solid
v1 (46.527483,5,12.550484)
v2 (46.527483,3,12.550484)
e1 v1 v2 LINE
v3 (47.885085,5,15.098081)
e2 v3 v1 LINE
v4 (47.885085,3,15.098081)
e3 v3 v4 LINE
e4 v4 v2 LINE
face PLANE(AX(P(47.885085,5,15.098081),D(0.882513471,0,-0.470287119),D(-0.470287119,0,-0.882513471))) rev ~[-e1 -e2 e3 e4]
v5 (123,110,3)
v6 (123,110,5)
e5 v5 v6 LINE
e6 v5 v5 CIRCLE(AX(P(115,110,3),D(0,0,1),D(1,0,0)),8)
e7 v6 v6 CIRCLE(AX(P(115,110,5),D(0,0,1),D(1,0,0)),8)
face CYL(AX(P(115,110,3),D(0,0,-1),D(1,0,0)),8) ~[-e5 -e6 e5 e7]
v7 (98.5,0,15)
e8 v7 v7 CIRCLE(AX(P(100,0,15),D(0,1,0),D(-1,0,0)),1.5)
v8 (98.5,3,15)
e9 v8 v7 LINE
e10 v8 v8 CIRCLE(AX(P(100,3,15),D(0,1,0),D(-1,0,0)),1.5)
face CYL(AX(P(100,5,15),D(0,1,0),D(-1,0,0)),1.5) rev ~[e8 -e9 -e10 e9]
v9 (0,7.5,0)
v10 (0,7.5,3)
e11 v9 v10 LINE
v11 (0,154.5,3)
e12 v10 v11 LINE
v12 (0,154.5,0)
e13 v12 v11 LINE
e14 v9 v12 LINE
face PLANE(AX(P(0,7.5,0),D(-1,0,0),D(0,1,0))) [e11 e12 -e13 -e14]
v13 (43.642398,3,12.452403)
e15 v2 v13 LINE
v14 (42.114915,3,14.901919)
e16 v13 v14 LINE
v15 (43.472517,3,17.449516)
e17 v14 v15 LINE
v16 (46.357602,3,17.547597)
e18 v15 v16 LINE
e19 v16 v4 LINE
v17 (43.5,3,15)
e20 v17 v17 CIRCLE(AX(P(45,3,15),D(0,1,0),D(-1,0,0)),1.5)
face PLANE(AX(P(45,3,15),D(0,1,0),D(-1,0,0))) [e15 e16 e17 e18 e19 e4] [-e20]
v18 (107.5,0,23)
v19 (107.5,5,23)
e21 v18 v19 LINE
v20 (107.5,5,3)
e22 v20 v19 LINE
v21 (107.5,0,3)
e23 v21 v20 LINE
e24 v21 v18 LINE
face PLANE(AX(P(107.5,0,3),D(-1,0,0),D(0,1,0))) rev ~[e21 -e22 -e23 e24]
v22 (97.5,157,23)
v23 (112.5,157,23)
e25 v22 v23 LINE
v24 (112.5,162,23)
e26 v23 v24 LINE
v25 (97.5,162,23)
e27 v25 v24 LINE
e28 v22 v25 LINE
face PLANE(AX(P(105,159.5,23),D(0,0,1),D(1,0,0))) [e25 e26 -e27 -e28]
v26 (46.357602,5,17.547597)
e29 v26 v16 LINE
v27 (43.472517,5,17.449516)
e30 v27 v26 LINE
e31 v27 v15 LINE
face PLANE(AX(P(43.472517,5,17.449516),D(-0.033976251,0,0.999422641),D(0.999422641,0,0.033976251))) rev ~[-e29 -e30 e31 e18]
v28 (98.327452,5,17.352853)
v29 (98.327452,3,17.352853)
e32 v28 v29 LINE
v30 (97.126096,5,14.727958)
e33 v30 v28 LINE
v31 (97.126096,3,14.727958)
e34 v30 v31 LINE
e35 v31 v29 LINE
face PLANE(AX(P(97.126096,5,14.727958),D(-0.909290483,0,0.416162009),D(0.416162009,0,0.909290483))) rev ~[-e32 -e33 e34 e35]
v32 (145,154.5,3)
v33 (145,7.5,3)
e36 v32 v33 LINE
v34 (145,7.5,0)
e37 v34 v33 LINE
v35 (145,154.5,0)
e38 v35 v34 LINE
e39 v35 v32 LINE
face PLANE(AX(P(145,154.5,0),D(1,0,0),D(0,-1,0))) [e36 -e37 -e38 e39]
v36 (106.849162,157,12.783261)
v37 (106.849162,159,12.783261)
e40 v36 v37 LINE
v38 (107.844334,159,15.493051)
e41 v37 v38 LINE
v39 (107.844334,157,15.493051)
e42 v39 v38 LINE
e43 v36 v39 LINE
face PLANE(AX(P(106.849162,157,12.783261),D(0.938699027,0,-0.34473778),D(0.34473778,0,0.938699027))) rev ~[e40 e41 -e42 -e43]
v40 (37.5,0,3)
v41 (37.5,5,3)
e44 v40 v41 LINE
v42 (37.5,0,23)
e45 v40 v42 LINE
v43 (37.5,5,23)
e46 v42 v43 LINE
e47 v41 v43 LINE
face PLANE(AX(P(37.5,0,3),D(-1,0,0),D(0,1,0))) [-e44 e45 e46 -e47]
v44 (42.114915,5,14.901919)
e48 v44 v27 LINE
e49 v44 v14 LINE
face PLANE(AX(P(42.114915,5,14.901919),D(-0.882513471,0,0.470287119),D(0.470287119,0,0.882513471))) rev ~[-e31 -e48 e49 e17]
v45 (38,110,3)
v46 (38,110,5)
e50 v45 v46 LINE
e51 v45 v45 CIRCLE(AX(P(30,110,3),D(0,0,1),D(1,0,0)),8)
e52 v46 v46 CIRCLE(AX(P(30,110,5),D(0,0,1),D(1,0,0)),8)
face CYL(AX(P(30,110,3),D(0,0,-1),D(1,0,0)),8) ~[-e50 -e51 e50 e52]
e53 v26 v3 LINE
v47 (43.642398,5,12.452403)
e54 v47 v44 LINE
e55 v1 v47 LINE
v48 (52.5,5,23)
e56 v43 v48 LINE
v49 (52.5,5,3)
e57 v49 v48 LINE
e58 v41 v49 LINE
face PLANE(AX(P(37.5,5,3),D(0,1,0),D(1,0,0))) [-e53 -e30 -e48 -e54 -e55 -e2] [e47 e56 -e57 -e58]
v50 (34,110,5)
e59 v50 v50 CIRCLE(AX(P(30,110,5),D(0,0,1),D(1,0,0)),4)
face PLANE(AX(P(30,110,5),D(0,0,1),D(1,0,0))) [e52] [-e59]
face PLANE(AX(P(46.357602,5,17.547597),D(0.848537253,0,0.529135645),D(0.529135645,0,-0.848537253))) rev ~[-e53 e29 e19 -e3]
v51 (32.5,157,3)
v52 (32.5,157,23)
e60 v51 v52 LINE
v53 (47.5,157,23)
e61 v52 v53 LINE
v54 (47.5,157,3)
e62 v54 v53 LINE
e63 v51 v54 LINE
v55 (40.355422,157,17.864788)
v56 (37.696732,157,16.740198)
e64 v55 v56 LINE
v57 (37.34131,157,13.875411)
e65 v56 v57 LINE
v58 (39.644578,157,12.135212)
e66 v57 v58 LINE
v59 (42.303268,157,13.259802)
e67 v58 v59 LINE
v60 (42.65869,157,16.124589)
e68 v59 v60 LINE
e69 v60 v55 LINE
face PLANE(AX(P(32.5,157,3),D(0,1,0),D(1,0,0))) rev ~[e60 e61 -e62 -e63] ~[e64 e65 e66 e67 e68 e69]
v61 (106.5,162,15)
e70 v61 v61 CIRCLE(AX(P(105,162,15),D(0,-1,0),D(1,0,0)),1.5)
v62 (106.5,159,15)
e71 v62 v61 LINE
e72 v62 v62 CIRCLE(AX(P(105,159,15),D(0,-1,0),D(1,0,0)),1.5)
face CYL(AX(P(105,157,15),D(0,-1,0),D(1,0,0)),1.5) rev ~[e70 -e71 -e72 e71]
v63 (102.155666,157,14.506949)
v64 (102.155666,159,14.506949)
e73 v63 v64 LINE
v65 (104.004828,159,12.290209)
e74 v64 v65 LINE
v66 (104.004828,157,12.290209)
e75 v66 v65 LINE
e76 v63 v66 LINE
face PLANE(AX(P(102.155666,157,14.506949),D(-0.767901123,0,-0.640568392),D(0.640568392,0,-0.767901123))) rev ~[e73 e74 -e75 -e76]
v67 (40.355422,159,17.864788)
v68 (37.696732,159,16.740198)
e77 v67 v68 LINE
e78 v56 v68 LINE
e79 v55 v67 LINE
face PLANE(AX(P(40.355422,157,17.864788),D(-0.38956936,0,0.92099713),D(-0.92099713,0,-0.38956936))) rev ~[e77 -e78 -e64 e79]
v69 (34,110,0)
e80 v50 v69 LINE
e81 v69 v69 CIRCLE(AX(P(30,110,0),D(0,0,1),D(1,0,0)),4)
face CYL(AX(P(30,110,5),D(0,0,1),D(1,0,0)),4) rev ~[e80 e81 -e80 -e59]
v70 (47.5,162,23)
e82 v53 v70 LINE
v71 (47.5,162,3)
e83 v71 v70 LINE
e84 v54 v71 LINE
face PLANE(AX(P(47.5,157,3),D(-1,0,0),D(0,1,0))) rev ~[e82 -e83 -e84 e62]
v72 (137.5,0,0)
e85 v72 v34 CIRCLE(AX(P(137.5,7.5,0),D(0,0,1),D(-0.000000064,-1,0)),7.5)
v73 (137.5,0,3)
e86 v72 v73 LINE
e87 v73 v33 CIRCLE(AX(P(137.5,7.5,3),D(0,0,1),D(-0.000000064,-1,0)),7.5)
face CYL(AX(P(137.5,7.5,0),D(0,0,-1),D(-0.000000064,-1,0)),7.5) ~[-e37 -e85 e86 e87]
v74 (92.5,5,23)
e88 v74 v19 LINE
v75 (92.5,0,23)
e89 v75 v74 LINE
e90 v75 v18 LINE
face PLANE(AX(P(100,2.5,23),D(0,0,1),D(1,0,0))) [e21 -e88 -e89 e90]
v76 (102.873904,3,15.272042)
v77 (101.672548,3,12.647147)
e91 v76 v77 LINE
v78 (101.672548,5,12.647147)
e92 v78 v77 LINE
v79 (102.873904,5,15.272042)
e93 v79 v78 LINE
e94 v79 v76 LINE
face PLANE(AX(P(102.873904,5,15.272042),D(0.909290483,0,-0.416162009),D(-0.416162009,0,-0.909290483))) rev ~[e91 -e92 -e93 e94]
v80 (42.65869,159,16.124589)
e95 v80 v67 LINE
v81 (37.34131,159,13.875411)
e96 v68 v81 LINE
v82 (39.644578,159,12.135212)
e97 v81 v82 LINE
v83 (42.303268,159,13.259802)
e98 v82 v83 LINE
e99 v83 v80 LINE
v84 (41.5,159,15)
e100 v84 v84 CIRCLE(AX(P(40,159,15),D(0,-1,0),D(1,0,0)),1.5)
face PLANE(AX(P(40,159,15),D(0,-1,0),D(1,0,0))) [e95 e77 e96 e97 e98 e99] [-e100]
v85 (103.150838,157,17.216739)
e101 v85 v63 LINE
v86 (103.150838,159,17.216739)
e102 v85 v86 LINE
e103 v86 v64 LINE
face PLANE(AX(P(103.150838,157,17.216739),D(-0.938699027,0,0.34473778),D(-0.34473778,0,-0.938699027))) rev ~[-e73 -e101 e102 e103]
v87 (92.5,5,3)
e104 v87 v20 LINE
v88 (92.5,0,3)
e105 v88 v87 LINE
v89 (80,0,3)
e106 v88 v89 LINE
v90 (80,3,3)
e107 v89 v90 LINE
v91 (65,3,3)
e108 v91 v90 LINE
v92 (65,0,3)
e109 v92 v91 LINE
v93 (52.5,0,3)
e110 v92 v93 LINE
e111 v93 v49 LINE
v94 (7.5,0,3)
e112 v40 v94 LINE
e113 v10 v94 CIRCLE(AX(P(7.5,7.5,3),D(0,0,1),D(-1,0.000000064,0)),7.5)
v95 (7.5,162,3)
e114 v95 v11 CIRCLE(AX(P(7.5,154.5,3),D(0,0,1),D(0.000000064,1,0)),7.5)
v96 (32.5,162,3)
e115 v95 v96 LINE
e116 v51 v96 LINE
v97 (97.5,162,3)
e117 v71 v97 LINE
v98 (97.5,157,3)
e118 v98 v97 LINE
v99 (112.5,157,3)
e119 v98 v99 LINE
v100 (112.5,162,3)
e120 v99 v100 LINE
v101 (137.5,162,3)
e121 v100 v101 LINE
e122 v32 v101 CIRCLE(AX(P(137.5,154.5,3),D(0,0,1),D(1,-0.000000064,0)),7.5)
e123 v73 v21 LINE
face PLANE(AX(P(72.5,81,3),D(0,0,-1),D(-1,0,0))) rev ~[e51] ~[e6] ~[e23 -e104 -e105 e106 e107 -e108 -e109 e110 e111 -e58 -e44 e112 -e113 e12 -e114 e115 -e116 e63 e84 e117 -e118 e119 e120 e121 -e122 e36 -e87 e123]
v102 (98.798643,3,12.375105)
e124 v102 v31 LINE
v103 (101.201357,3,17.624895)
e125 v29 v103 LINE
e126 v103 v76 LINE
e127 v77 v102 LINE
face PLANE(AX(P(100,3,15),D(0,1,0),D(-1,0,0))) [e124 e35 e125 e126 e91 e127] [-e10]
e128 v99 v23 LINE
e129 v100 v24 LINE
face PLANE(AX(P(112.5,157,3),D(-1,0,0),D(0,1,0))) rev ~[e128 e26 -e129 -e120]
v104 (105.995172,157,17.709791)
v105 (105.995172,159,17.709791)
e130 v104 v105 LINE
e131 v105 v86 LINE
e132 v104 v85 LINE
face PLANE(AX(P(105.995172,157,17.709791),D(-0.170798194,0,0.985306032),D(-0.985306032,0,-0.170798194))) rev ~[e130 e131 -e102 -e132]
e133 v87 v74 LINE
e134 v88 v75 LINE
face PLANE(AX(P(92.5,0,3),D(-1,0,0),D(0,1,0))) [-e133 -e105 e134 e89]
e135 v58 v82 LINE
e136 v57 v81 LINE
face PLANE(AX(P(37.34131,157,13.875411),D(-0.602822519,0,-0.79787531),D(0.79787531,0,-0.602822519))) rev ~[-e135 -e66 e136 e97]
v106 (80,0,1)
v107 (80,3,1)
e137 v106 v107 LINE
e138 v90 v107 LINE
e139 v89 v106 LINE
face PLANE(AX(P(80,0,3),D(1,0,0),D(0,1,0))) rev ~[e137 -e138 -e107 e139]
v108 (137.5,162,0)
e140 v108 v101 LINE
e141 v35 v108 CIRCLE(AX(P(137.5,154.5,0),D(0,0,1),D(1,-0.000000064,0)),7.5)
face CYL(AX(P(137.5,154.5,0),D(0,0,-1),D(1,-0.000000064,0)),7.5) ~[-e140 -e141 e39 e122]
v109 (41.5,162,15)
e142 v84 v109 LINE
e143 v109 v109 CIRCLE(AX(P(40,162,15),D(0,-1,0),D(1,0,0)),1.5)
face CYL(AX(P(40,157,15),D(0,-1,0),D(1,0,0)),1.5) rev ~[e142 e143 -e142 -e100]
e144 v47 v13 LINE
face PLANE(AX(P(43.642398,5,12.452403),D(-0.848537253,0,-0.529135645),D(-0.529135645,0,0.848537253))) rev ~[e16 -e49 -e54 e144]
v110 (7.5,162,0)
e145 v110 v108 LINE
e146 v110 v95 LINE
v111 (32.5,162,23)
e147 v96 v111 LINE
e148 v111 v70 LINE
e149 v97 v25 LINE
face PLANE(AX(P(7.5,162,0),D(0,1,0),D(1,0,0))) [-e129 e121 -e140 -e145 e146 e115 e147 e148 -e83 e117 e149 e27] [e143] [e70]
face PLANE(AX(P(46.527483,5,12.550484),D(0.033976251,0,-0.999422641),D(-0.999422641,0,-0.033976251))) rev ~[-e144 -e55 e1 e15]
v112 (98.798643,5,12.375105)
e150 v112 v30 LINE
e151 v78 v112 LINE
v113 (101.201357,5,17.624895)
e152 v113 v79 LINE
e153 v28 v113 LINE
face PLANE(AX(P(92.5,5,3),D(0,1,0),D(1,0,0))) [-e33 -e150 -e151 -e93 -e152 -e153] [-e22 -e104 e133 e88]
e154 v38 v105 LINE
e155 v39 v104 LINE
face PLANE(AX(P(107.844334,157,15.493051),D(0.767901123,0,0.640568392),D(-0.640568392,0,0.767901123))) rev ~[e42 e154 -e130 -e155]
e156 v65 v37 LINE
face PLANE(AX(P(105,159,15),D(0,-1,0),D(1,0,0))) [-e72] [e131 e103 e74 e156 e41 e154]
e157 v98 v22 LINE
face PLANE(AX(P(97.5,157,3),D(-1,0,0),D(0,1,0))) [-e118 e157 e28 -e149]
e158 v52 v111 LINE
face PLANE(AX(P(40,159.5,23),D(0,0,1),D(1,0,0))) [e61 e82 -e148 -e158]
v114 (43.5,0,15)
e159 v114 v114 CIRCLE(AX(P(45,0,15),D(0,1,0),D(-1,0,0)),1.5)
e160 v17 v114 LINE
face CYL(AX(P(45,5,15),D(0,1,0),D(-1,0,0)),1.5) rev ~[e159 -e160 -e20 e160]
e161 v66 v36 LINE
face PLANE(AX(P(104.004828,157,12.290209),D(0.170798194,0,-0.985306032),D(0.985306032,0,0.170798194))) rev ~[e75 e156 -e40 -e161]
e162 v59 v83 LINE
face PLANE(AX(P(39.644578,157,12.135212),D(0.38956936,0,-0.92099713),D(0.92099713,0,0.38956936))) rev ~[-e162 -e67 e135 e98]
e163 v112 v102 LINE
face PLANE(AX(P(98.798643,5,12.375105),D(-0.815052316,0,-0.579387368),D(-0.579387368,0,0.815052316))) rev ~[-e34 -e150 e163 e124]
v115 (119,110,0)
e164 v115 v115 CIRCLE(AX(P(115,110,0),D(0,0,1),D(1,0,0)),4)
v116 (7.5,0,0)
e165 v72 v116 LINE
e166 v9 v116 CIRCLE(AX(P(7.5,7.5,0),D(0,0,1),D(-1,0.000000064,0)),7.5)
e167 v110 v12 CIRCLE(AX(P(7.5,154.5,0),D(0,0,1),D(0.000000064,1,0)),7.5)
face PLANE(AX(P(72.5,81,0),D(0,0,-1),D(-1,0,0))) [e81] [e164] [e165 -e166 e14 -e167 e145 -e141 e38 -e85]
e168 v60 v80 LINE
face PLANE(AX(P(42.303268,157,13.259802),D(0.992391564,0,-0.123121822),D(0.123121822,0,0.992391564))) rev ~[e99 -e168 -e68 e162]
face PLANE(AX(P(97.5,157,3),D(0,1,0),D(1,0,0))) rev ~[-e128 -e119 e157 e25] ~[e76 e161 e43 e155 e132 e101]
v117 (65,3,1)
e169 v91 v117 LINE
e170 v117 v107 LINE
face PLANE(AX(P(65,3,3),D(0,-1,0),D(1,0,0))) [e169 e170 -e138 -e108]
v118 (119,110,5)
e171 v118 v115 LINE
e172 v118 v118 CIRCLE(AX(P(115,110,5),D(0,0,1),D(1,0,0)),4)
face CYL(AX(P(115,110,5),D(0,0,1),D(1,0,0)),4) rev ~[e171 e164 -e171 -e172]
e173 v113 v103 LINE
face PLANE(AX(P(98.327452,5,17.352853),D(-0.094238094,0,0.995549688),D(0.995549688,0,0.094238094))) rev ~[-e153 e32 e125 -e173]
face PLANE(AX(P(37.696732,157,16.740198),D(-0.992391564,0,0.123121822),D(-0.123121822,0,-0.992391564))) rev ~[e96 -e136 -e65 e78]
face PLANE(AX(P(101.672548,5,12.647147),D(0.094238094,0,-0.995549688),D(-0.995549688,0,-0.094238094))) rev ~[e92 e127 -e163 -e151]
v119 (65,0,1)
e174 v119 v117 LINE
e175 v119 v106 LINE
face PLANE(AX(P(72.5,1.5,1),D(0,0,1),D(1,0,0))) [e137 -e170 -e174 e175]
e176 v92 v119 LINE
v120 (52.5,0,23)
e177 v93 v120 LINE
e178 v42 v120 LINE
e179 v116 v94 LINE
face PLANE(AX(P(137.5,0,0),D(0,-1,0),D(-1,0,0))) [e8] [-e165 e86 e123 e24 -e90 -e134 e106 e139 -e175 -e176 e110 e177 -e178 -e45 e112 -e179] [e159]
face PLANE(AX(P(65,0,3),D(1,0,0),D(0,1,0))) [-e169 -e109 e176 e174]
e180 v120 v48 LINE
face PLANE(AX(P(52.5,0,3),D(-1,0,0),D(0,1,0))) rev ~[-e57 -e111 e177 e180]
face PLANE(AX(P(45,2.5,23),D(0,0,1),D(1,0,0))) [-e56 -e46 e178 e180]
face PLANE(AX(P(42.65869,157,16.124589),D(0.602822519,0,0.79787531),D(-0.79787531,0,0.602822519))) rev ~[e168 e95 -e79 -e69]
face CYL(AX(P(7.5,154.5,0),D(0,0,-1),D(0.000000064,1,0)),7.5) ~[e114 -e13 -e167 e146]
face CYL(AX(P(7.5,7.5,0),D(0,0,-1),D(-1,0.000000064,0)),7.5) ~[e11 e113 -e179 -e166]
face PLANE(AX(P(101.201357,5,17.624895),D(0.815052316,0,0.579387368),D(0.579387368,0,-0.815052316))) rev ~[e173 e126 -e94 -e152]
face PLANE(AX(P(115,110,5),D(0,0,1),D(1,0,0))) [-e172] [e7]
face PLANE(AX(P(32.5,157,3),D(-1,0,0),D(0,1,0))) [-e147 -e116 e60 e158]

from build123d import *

# Parameters (mm, degrees)
PAD_DEPTH       = 3
SKETCH001_W     = 15
SKETCH001_H     = 3
POCKET_DEPTH    = 2
SKETCH002_R     = 8
PAD001_DEPTH    = 2
SKETCH003_R     = 4
POCKET001_DEPTH = 5
SKETCH004_W     = 15
SKETCH004_H     = 5
PAD002_DEPTH    = 20
POCKET002_DEPTH = 2
SKETCH006_R     = 1.5
POCKET003_DEPTH = 5
POCKET004_DEPTH = 2
SKETCH008_R     = 1.5
POCKET005_DEPTH = 5


with BuildPart() as part:
    # Sketch → Pad (new body)
    with BuildSketch(Plane.XY):
        with BuildLine():
            Line((7.5, 162), (137.5, 162))
            ThreePointArc((145, 154.5), (142.803301, 159.803301), (137.5, 162))
            Line((145, 154.5), (145, 7.5))
            ThreePointArc((137.5, 0), (142.803301, 2.196699), (145, 7.5))
            Line((137.5, 0), (7.5, 0))
            ThreePointArc((0, 7.5), (2.196699, 2.196699), (7.5, 0))
            Line((0, 7.5), (0, 154.5))
            ThreePointArc((7.5, 162), (2.196699, 159.803301), (0, 154.5))
        make_face()
    extrude(amount=PAD_DEPTH)

    # Sketch001 (on Face10 of Pad) → Pocket (cut)
    with BuildSketch(Plane.XY.offset(3)):
        with Locations((72.5, 1.5)):
            Rectangle(SKETCH001_W, SKETCH001_H)
    extrude(amount=-POCKET_DEPTH, mode=Mode.SUBTRACT)

    # Sketch002 (on Face5 of Pocket) → Pad001 (join)
    with BuildSketch(Plane.XY.offset(3)):
        with Locations((30, 110)):
            Circle(SKETCH002_R)
        with Locations((115, 110)):
            Circle(SKETCH002_R)
    extrude(amount=PAD001_DEPTH)

    # Sketch003 (on Face18 of Pad001) → Pocket001 (cut)
    with BuildSketch(Plane.XY.offset(5)):
        with Locations((30, 110)):
            Circle(SKETCH003_R)
        with Locations((115, 110)):
            Circle(SKETCH003_R)
    extrude(amount=-POCKET001_DEPTH, mode=Mode.SUBTRACT)

    # Sketch004 (on Face5 of Pocket001) → Pad002 (join)
    with BuildSketch(Plane.XY.offset(3)):
        with Locations((45, 2.5)):
            Rectangle(SKETCH004_W, SKETCH004_H)
        with Locations((100, 2.5)):
            Rectangle(SKETCH004_W, SKETCH004_H)
        with Locations((40, 159.5)):
            Rectangle(SKETCH004_W, SKETCH004_H)
        with Locations((105, 159.5)):
            Rectangle(SKETCH004_W, SKETCH004_H)
    extrude(amount=PAD002_DEPTH)

    # Sketch005 (on Face22 of Pad002) → Pocket002 (cut)
    with BuildSketch(Plane(origin=(0, 5, 0), x_dir=(-1, 0, 0), z_dir=(0, 1, 0))):
        Polygon((-98.798643, 12.375105), (-97.126096, 14.727958), (-98.327452, 17.352853), (-101.201357, 17.624895), (-102.873904, 15.272042), (-101.672548, 12.647147), align=None)
        Polygon((-43.642398, 12.452403), (-42.114915, 14.901919), (-43.472517, 17.449516), (-46.357602, 17.547597), (-47.885085, 15.098081), (-46.527483, 12.550484), align=None)
    extrude(amount=-POCKET002_DEPTH, mode=Mode.SUBTRACT)

    # Sketch006 (on Face22 of Pocket002) → Pocket003 (cut)
    with BuildSketch(Plane(origin=(0, 5, 0), x_dir=(-1, 0, 0), z_dir=(0, 1, 0))):
        with Locations((-100, 15)):
            Circle(SKETCH006_R)
        with Locations((-45, 15)):
            Circle(SKETCH006_R)
    extrude(amount=-POCKET003_DEPTH, mode=Mode.SUBTRACT)

    # Sketch007 (on Face25 of Pocket003) → Pocket004 (cut)
    with BuildSketch(Plane.XZ.offset(-157)):
        Polygon((42.303268, 13.259802), (42.65869, 16.124589), (40.355422, 17.864788), (37.696732, 16.740198), (37.34131, 13.875411), (39.644578, 12.135212), align=None)
        Polygon((106.849162, 12.783261), (107.844334, 15.493051), (105.995172, 17.709791), (103.150838, 17.216739), (102.155666, 14.506949), (104.004828, 12.290209), align=None)
    extrude(amount=-POCKET004_DEPTH, mode=Mode.SUBTRACT)

    # Sketch008 (on Face25 of Pocket004) → Pocket005 (cut)
    with BuildSketch(Plane.XZ.offset(-157)):
        with Locations((40, 15)):
            Circle(SKETCH008_R)
        with Locations((105, 15)):
            Circle(SKETCH008_R)
    extrude(amount=-POCKET005_DEPTH, mode=Mode.SUBTRACT)


solid = part.part
